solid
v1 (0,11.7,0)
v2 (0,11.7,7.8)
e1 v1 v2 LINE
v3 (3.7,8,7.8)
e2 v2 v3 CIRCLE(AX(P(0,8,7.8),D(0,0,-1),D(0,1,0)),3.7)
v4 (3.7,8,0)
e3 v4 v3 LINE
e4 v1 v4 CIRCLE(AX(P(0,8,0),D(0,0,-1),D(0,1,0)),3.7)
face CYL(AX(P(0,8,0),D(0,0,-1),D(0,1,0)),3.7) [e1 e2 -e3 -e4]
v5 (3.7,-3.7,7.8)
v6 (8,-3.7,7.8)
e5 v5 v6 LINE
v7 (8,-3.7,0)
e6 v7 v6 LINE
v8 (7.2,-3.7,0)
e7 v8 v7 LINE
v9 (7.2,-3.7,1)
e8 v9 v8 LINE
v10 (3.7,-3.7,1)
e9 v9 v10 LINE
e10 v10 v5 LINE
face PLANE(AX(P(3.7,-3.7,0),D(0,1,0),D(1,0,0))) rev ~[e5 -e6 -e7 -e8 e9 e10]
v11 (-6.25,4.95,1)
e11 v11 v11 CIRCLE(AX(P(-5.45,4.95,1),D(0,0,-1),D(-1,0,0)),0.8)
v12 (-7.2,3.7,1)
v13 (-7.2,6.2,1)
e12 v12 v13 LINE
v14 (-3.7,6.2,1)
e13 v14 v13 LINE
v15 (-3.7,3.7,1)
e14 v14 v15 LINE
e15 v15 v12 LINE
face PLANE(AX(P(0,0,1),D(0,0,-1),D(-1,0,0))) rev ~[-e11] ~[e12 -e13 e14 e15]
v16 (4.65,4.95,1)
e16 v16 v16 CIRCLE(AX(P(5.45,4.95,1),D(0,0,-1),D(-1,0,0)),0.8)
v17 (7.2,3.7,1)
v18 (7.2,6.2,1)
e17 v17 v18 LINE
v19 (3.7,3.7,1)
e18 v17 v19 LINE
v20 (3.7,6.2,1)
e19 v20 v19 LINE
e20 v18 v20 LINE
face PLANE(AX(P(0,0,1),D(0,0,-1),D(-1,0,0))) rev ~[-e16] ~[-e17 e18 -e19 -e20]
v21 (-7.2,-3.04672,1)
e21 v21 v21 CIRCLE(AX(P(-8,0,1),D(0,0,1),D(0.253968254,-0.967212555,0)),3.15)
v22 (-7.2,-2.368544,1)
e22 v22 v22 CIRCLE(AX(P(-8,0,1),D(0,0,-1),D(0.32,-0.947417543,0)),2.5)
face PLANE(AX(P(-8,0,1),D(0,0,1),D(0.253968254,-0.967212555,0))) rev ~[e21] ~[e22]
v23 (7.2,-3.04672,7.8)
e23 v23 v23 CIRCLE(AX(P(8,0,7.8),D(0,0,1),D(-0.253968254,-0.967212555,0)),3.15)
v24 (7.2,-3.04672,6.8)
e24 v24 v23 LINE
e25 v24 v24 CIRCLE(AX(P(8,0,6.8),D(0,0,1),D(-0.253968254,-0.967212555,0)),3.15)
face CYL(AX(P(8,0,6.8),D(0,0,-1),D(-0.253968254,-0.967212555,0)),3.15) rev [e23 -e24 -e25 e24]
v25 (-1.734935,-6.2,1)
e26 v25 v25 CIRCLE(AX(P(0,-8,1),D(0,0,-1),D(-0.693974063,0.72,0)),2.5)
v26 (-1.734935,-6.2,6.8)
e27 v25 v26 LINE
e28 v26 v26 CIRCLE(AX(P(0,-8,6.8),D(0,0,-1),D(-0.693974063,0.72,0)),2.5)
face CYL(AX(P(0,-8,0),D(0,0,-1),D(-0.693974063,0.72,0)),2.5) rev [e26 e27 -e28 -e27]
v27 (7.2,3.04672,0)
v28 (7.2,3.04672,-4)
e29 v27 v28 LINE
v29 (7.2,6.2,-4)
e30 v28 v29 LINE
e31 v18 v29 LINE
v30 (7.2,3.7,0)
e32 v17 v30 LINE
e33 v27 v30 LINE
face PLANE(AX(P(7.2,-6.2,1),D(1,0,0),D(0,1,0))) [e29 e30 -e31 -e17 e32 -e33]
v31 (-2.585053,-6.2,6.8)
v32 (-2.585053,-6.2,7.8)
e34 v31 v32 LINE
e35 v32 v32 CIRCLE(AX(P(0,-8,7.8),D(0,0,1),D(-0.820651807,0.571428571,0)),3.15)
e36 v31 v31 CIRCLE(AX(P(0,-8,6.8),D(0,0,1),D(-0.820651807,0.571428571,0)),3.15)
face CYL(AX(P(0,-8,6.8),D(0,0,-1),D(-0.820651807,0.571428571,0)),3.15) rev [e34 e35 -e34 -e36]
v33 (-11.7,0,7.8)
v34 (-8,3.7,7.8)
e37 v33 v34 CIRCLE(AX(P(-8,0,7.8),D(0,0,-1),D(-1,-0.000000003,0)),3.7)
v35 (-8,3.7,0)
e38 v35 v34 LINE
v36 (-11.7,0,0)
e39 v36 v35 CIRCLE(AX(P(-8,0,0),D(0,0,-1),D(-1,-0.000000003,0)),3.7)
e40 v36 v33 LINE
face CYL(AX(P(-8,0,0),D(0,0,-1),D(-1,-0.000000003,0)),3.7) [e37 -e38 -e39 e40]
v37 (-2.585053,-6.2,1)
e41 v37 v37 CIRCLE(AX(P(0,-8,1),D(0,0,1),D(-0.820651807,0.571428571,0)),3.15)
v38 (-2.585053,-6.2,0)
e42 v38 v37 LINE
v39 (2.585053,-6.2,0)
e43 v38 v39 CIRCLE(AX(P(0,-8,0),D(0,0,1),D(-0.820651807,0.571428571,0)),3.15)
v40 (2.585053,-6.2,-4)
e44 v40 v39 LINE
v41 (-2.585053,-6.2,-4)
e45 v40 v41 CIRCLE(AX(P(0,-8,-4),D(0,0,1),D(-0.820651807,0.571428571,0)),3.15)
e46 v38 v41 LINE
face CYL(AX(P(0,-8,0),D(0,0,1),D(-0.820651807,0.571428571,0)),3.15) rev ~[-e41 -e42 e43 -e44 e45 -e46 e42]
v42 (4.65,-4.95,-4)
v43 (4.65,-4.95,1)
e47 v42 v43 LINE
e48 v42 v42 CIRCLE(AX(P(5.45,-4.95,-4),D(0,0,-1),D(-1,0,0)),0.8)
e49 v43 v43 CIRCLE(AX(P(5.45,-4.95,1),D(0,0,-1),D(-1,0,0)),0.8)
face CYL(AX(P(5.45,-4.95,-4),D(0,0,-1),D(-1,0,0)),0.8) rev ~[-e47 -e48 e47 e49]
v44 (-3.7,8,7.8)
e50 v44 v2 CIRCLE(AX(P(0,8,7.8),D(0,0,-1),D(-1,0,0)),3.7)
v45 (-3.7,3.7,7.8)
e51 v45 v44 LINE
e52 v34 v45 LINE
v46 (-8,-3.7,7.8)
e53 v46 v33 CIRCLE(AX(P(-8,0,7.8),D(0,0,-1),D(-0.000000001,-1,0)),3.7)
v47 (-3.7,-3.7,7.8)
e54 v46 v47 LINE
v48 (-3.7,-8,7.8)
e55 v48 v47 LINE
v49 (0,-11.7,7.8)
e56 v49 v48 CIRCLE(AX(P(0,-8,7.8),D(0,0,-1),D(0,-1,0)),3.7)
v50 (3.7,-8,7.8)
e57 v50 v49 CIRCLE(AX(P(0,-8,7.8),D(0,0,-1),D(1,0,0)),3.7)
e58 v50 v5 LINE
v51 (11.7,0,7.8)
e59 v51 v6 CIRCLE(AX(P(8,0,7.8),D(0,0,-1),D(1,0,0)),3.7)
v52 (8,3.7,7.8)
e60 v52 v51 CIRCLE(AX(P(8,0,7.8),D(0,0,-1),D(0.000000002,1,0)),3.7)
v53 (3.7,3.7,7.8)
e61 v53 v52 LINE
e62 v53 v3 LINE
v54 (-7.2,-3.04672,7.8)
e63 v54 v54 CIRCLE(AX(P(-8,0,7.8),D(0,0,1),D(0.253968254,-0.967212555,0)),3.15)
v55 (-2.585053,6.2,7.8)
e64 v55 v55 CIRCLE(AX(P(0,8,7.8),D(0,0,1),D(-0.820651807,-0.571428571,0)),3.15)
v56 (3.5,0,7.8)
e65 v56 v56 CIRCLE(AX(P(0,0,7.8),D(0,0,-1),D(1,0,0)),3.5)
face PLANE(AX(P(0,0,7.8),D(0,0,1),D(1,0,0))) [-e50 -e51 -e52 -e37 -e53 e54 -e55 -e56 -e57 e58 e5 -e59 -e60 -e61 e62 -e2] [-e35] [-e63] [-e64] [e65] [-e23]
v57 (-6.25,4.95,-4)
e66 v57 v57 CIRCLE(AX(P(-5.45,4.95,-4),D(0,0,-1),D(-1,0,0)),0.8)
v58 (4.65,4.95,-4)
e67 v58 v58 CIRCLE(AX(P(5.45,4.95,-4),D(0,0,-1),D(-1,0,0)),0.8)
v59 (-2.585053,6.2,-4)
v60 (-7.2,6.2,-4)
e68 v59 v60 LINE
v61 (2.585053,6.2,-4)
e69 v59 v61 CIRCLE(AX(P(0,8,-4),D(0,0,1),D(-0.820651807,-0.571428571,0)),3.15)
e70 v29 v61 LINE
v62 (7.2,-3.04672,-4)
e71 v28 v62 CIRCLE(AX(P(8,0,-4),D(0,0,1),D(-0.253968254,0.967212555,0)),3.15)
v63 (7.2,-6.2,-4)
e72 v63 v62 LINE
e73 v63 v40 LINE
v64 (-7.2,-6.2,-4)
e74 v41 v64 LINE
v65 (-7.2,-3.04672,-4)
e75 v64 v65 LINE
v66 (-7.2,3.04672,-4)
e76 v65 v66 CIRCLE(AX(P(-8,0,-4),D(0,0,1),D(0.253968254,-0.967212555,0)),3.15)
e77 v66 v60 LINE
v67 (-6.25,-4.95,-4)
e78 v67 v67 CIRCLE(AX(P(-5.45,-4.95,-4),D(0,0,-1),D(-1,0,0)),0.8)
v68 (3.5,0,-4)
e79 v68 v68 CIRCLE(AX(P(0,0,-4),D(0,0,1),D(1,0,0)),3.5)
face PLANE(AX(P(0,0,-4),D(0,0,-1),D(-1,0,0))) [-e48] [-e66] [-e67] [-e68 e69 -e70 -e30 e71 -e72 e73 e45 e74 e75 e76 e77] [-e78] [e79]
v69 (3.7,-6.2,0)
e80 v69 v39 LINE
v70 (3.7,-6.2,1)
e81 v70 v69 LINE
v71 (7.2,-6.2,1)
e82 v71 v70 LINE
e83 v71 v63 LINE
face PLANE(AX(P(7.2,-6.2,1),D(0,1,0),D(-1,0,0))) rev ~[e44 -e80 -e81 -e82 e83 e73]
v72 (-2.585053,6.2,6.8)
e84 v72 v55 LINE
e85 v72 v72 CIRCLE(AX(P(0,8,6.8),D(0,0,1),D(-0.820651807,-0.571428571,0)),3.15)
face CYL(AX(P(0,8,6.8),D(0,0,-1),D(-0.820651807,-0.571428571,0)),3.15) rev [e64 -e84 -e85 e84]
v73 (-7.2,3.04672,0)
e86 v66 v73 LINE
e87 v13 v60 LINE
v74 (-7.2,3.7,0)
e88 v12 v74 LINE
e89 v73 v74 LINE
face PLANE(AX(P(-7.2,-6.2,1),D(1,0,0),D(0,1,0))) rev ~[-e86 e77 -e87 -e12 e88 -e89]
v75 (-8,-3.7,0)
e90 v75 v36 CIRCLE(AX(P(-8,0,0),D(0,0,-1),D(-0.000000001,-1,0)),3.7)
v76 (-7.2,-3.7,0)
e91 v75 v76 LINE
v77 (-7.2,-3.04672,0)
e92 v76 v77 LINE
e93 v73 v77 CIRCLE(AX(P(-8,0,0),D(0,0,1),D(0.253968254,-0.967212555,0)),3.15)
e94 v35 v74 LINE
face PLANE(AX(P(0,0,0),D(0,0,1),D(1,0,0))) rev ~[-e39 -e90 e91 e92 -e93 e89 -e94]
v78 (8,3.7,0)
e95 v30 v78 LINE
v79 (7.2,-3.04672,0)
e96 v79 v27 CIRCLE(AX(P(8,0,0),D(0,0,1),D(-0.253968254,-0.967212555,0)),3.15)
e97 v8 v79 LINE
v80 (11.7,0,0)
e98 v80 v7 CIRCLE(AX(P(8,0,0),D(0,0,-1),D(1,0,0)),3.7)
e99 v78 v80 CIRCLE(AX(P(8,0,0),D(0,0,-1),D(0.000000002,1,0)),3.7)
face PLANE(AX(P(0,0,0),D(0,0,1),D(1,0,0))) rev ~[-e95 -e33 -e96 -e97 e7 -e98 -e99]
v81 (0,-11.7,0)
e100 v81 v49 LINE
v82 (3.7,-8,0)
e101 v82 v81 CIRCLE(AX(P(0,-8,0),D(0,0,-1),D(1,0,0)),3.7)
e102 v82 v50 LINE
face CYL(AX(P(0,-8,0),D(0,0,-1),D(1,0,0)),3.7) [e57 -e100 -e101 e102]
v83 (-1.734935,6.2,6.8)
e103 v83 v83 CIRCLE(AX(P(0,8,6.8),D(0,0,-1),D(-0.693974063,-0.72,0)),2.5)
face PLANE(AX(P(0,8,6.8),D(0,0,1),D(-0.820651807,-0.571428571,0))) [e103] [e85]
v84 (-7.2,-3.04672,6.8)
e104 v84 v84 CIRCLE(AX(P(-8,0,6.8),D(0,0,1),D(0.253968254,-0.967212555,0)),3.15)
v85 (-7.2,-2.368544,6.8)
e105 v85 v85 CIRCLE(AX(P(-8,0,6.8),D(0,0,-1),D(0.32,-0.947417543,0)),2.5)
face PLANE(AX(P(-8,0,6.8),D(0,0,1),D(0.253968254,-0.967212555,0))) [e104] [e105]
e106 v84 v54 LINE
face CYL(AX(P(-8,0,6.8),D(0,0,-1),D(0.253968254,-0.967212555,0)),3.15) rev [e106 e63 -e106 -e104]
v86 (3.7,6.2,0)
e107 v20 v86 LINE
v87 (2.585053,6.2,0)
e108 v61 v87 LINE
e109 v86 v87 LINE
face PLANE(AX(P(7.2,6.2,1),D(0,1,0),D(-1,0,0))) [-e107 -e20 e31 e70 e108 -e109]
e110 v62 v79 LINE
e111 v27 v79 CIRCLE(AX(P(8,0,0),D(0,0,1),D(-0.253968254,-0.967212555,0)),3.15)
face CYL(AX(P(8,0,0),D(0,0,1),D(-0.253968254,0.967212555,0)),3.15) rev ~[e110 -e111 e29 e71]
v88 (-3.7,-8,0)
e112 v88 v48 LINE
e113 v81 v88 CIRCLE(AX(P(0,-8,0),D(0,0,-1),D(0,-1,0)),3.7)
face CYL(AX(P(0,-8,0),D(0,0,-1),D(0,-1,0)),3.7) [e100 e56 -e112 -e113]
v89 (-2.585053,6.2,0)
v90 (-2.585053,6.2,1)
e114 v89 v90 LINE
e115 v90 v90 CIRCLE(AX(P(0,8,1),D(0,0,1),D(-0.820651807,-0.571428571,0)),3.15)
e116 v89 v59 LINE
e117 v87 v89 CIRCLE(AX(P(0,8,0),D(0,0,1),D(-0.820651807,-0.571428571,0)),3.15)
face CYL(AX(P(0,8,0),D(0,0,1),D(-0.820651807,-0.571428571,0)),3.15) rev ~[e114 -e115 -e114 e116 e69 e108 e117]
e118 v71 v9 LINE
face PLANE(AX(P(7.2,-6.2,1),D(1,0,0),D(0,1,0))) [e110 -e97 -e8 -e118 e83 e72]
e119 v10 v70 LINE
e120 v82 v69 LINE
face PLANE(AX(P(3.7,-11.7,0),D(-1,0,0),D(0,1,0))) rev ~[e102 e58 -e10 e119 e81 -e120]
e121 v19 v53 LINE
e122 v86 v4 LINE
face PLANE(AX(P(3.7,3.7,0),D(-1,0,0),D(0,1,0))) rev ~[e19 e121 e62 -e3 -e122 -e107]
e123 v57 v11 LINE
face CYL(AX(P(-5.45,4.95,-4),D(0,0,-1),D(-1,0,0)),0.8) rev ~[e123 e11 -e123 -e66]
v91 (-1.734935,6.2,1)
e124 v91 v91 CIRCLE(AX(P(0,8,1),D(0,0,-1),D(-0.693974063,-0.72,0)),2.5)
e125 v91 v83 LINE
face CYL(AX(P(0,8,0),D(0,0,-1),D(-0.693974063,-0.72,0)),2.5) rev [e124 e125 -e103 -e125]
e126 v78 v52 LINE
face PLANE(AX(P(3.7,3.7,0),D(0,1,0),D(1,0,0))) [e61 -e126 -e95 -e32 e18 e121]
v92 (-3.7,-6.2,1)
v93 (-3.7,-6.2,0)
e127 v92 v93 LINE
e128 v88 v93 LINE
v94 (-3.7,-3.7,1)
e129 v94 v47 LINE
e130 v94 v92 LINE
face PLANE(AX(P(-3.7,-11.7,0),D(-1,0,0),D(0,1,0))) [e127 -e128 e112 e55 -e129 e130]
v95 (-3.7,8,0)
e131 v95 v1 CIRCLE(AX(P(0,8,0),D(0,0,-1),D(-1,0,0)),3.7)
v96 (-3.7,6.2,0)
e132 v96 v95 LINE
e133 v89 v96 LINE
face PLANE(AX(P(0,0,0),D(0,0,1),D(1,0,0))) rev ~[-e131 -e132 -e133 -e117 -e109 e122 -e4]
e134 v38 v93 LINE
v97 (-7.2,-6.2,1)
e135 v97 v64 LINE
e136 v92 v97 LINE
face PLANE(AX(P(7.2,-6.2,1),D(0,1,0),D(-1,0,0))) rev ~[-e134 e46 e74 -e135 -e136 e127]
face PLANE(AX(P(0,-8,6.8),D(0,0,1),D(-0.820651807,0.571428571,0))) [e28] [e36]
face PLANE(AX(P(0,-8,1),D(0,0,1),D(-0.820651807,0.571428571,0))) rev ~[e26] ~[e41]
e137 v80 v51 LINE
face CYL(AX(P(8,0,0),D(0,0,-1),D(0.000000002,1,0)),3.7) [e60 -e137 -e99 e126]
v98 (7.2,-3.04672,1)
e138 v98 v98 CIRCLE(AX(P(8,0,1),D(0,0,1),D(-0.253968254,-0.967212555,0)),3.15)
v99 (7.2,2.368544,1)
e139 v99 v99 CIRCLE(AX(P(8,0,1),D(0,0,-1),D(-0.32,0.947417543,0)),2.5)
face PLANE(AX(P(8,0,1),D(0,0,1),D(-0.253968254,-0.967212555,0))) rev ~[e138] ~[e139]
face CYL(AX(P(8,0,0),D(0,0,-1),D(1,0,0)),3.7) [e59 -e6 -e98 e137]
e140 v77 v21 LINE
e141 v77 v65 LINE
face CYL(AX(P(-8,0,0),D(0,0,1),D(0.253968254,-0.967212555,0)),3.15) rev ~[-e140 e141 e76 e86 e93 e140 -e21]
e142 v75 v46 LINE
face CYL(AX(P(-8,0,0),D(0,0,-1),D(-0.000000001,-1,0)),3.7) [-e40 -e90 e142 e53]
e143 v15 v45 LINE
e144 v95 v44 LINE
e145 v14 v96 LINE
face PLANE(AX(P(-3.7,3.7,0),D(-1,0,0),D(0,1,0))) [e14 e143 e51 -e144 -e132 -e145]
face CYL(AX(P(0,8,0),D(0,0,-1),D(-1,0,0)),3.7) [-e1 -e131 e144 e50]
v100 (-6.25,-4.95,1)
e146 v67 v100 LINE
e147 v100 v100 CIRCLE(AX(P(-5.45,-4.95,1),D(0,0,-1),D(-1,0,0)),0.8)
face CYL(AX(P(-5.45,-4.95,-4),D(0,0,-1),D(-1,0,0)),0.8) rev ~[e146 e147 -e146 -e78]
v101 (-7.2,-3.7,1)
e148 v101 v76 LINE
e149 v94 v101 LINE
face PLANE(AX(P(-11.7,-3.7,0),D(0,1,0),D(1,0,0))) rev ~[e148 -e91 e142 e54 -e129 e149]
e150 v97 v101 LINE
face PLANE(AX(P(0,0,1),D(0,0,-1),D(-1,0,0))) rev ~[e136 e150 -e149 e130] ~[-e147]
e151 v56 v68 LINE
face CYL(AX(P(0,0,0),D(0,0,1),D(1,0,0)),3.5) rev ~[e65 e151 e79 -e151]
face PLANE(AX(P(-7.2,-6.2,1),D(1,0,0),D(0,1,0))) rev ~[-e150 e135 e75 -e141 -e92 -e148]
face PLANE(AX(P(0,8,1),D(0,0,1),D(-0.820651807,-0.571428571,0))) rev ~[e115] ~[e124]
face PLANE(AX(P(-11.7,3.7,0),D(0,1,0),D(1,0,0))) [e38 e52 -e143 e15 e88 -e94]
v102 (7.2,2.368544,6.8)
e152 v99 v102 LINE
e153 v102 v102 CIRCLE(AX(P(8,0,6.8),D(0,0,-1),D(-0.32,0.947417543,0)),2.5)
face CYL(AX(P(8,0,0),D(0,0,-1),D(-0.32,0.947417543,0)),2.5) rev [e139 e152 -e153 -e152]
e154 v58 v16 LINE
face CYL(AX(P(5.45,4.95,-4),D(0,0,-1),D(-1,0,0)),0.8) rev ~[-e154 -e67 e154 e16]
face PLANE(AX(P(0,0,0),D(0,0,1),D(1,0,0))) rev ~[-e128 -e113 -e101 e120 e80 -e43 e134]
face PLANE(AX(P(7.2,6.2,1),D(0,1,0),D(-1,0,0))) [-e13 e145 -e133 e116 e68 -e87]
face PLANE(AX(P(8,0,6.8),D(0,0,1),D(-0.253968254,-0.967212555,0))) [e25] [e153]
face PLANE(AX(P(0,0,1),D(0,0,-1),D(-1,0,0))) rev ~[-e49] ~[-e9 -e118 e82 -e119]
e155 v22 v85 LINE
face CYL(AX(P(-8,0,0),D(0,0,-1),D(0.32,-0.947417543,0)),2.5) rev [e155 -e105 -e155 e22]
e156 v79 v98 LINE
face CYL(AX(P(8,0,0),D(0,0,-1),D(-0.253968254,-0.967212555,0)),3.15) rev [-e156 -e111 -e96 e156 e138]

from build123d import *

# Parameters (mm, degrees)
SKETCH_2_W          = 23.4
SKETCH_2_H          = 7.4
SKETCH_2_W_2        = 7.4
SKETCH_2_H_2        = 23.4
EXTRUDE_1_DEPTH     = 7.8
EXTRUDE_START       = -1
SKETCH_3_W          = 14.4
SKETCH_3_H          = 12.4
EXTRUDE_2_DEPTH     = 5
SKETCH_2_6_R        = 2.5
SKETCH_2_6_R_2      = 3.5
CUT_EXTRUDE_3_DEPTH = 19.292621463
SKETCH_2_3_R        = 3.15
CUT_EXTRUDE_1_DEPTH = 1
CUT_EXTRUDE_START   = 6.8
SKETCH_2_5_R        = 3.15
CUT_EXTRUDE_2_DEPTH = 1
SKETCH_4_R          = 0.8
CUT_EXTRUDE_4_DEPTH = 21.322893495
SKETCH_2_7_R        = 3.5
SKETCH_2_7_R_2      = 3.15
CUT_EXTRUDE_5_DEPTH = 19.292621463


with BuildPart() as part:
    # 草图2 → 凸台-拉伸1 (new body)
    with BuildSketch(Plane.XY):
        Rectangle(SKETCH_2_W, SKETCH_2_H)
        Rectangle(SKETCH_2_W_2, SKETCH_2_H_2)
    extrude(amount=EXTRUDE_1_DEPTH)

    # 草图3 → 凸台-拉伸2 (add)
    with BuildSketch(Plane(origin=(0, 0, 0), x_dir=(-1, 0, 0), z_dir=(0, 0, -1)).offset(EXTRUDE_START)):
        Rectangle(SKETCH_3_W, SKETCH_3_H)
    extrude(amount=EXTRUDE_2_DEPTH)

    # 草图2<6> → 切除-拉伸3 (cut, through all)
    with BuildSketch(Plane.XY):
        with BuildLine():
            Line((-3.7, 11.7), (-3.7, 8))
            ThreePointArc((-3.7, 8), (-2.61629509, 10.61629509), (0, 11.7))
            Line((0, 11.7), (-3.7, 11.7))
        make_face()
        with BuildLine():
            ThreePointArc((0, 11.7), (2.61629509, 10.61629509), (3.7, 8))
            Line((3.7, 8), (3.7, 11.7))
            Line((3.7, 11.7), (0, 11.7))
        make_face()
        with BuildLine():
            Line((11.7, 3.7), (8.000000006, 3.7))
            ThreePointArc((8.000000006, 3.7), (10.616295093, 2.616295088), (11.7, 0))
            Line((11.7, 0), (11.7, 3.7))
        make_face()
        with BuildLine():
            ThreePointArc((11.7, 0), (10.616295085, -2.616295096), (7.999999984, -3.7))
            Line((7.999999984, -3.7), (11.7, -3.7))
            Line((11.7, -3.7), (11.7, 0))
        make_face()
        with BuildLine():
            Line((3.7, -11.7), (3.7, -8))
            ThreePointArc((3.7, -8), (2.61629509, -10.61629509), (0, -11.7))
            Line((0, -11.7), (3.7, -11.7))
        make_face()
        with BuildLine():
            ThreePointArc((0, -11.7), (-2.616295094, -10.616295087), (-3.7, -7.99999999))
            Line((-3.7, -7.99999999), (-3.7, -11.7))
            Line((-3.7, -11.7), (0, -11.7))
        make_face()
        with BuildLine():
            Line((-11.7, -1.1e-08), (-11.7, -3.7))
            Line((-11.7, -3.7), (-8.000000004, -3.7))
            ThreePointArc((-8.000000004, -3.7), (-10.616295088, -2.616295093), (-11.7, -1.1e-08))
        make_face()
        with BuildLine():
            Line((-11.7, 3.7), (-11.7, -1.1e-08))
            ThreePointArc((-11.7, -1.1e-08), (-10.616295094, 2.616295086), (-8, 3.7))
            Line((-8, 3.7), (-11.7, 3.7))
        make_face()
        with Locations(Location((0, 8, 0), (0, 0, 226.054480438))):
            Circle(SKETCH_2_6_R)
        with Locations(Location((-8, 0, 0), (0, 0, 288.662924885))):
            Circle(SKETCH_2_6_R)
        Circle(SKETCH_2_6_R_2)
        with Locations(Location((8, 0, 0), (0, 0, 108.662924885))):
            Circle(SKETCH_2_6_R)
        with Locations(Location((0, -8, 0), (0, 0, 133.945519562))):
            Circle(SKETCH_2_6_R)
    extrude(amount=CUT_EXTRUDE_3_DEPTH, mode=Mode.SUBTRACT)

    # 草图2<3> → 切除-拉伸1 (cut)
    with BuildSketch(Plane.XY):
        with Locations(Location((8, 0, 0), (0, 0, 255.287542039))):
            Circle(SKETCH_2_3_R)
        with Locations(Location((-8, 0, 0), (0, 0, 284.712457961))):
            Circle(SKETCH_2_3_R)
        with Locations(Location((0, 8, 0), (0, 0, 214.849904579))):
            Circle(SKETCH_2_3_R)
        with Locations(Location((0, -8, 0), (0, 0, 145.150095421))):
            Circle(SKETCH_2_3_R)
    extrude(amount=CUT_EXTRUDE_1_DEPTH, mode=Mode.SUBTRACT)

    # 草图2<5> → 切除-拉伸2 (cut)
    with BuildSketch(Plane.XY.offset(CUT_EXTRUDE_START)):
        with Locations(Location((8, 0, 0), (0, 0, 255.287542039))):
            Circle(SKETCH_2_5_R)
        with Locations(Location((-8, 0, 0), (0, 0, 284.712457961))):
            Circle(SKETCH_2_5_R)
        with Locations(Location((0, 8, 0), (0, 0, 214.849904579))):
            Circle(SKETCH_2_5_R)
        with Locations(Location((0, -8, 0), (0, 0, 145.150095421))):
            Circle(SKETCH_2_5_R)
    extrude(amount=CUT_EXTRUDE_2_DEPTH, mode=Mode.SUBTRACT)

    # 草图4 → 切除-拉伸4 (cut, through all)
    with BuildSketch(Plane(origin=(0, 0, -4), x_dir=(-1, 0, 0), z_dir=(0, 0, -1))):
        with Locations((5.45, 4.95)):
            Circle(SKETCH_4_R)
        with Locations((-5.45, 4.95)):
            Circle(SKETCH_4_R)
        with Locations((5.45, -4.95)):
            Circle(SKETCH_4_R)
        with Locations((-5.45, -4.95)):
            Circle(SKETCH_4_R)
    extrude(amount=-CUT_EXTRUDE_4_DEPTH, mode=Mode.SUBTRACT)

    # 草图2<7> → 切除-拉伸5 (cut, through all)
    with BuildSketch(Plane.XY):
        Circle(SKETCH_2_7_R)
        with Locations(Location((8, 0, 0), (0, 0, 104.712457961))):
            Circle(SKETCH_2_7_R_2)
        with Locations(Location((-8, 0, 0), (0, 0, 284.712457961))):
            Circle(SKETCH_2_7_R_2)
        with Locations(Location((0, 8, 0), (0, 0, 214.849904579))):
            Circle(SKETCH_2_7_R_2)
        with Locations(Location((0, -8, 0), (0, 0, 145.150095421))):
            Circle(SKETCH_2_7_R_2)
    extrude(amount=-CUT_EXTRUDE_5_DEPTH, mode=Mode.SUBTRACT)


solid = part.part
